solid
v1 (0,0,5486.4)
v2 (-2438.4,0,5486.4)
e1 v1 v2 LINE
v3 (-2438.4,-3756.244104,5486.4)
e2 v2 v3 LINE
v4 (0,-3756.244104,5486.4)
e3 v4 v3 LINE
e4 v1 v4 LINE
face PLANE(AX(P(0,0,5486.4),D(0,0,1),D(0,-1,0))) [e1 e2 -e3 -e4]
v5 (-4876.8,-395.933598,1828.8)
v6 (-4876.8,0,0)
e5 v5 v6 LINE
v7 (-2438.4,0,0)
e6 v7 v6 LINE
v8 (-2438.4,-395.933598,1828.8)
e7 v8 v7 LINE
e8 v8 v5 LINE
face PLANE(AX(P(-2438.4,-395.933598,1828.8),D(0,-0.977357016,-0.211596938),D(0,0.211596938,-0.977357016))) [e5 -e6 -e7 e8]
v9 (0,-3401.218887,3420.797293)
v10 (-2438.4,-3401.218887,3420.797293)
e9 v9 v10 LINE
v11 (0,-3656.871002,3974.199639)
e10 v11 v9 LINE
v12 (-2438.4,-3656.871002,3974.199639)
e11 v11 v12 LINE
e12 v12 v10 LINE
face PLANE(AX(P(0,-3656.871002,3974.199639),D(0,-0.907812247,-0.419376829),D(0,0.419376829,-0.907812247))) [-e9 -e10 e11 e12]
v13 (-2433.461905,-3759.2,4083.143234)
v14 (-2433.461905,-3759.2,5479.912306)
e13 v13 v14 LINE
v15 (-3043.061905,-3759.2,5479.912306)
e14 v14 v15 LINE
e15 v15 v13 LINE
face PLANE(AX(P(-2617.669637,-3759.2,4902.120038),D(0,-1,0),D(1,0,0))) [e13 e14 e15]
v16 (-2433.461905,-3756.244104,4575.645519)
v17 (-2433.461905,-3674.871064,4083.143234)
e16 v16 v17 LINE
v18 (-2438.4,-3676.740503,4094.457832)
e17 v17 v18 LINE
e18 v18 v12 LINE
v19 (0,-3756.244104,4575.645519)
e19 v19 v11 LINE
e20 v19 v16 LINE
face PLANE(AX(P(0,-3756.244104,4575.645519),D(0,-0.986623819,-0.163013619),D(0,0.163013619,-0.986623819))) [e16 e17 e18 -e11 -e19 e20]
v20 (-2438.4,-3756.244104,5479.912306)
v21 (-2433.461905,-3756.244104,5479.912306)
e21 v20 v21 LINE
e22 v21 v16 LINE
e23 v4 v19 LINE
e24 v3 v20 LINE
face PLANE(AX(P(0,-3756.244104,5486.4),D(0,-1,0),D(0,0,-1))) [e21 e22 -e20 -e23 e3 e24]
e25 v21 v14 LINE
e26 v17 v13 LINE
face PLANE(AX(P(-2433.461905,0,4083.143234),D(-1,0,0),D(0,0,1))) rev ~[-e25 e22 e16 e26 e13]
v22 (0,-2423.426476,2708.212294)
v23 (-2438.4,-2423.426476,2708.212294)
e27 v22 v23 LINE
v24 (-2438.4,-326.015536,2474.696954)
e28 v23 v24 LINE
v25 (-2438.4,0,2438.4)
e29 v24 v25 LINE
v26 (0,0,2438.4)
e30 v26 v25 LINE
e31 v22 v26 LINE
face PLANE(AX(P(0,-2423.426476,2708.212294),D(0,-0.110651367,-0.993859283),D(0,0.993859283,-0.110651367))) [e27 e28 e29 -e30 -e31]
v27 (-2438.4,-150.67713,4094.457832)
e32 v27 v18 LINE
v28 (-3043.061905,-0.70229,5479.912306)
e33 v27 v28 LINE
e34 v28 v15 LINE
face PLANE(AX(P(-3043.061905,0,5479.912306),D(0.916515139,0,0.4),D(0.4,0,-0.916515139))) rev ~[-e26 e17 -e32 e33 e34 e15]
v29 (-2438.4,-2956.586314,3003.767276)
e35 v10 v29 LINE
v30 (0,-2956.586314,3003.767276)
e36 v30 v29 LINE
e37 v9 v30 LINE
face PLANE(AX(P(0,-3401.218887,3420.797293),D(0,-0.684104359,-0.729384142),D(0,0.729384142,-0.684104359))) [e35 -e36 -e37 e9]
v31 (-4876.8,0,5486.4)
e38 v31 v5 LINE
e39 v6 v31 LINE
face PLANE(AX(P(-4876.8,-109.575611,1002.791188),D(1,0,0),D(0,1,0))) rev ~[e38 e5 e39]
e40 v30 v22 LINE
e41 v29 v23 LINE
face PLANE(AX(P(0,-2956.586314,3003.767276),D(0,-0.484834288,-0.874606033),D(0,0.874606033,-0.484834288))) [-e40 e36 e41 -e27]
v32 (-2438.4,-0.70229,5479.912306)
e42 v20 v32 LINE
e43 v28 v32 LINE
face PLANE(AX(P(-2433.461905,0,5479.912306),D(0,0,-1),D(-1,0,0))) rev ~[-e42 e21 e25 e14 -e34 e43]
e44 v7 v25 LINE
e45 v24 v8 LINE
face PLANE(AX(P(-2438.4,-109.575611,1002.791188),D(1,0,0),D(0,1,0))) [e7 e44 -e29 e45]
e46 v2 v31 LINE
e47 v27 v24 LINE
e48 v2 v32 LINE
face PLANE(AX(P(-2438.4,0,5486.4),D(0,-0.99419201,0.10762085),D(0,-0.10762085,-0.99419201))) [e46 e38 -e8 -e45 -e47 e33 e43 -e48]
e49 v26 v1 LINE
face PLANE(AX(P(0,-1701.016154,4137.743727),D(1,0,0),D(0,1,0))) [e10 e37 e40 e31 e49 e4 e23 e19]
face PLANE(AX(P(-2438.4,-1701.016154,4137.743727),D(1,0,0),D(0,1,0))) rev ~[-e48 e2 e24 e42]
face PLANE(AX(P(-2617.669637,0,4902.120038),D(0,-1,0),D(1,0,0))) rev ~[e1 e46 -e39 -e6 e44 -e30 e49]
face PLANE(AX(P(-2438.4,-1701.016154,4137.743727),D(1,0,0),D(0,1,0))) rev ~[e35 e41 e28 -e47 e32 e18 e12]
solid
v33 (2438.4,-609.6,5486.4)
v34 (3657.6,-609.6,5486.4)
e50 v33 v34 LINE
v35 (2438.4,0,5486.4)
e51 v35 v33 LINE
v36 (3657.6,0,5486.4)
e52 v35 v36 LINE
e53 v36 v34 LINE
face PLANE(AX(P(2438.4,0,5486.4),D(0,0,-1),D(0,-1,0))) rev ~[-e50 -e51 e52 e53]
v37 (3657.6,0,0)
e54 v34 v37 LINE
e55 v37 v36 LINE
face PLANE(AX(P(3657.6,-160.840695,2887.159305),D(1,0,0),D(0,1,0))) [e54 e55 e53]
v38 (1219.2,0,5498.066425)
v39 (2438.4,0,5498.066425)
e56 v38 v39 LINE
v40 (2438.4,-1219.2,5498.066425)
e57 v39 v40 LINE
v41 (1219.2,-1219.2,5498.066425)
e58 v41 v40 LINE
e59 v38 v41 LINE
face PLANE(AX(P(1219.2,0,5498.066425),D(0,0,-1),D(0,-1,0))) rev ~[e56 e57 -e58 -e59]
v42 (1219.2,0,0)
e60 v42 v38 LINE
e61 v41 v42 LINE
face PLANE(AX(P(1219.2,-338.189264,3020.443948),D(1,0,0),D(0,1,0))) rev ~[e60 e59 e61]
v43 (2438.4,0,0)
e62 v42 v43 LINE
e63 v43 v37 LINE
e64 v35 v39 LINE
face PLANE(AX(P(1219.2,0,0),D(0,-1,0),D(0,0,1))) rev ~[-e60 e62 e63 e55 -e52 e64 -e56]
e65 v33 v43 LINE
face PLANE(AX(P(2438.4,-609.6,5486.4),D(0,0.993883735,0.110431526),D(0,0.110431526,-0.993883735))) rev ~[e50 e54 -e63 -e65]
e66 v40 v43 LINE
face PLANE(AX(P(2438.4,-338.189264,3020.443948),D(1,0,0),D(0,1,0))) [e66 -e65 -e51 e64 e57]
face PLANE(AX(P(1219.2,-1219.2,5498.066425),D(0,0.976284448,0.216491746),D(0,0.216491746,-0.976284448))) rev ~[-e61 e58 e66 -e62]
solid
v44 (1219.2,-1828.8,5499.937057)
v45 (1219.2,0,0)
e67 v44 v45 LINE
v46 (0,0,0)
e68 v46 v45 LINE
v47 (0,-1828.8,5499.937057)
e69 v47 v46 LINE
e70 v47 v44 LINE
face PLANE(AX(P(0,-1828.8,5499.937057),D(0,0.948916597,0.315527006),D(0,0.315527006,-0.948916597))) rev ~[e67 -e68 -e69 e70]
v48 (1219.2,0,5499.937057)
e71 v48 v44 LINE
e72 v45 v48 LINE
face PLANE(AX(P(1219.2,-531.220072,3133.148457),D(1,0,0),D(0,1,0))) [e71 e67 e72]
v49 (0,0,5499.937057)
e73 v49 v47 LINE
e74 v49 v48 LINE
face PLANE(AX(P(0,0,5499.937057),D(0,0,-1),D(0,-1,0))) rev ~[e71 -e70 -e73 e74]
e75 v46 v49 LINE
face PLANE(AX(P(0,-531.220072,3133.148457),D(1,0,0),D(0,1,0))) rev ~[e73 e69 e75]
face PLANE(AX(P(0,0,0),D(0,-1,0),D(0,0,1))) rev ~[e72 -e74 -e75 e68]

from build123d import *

# Parameters (mm, degrees)
F1_START  = 2438.4
F1_DEPTH  = 1219.2
F3_DEPTH  = 2438.4
F5_START  = 1219.2
F5_DEPTH  = 1219.2
F7_DEPTH  = 1219.2
F9_START  = -2438.4
F9_DEPTH  = 2438.4
F11_DEPTH = 3759.2


with BuildPart() as f1:
    # F0 (on Right) → F1 (new body)
    with BuildSketch(Plane.YZ.offset(F1_START)):
        Polygon((-609.6, 5486.4), (0, 0), (0, 5486.4), align=None)
    extrude(amount=F1_DEPTH)

    # F4 (on Right) → F5 (join)
    with BuildSketch(Plane.YZ.offset(F5_START)):
        Polygon((0, 0), (0, 5498.0664253235), (-1219.2, 5498.0664253235), align=None)
    extrude(amount=F5_DEPTH)


with BuildPart() as f3:
    # F2 (on Right) → F3 (new body)
    with BuildSketch(Plane.YZ):
        Polygon((-2423.4264762868, 2708.2122940714), (0, 2438.4), (0, 5486.4), (-3756.2441038375, 5486.4), (-3756.2441038375, 4575.6455188824), (-3656.8710018597, 3974.1996388539), (-3401.2188868615, 3420.7972932707), (-2956.5863139944, 3003.7672761909), align=None)
    extrude(amount=-F3_DEPTH)

    # F8 (on Right) → F9 (join)
    with BuildSketch(Plane.YZ.offset(F9_START)):
        Polygon((-395.93359828, 1828.8), (0, 0), (0, 1828.8), align=None)
        Polygon((-395.93359828, 1828.8), (0, 1828.8), (0, 5486.4), align=None)
    extrude(amount=-F9_DEPTH)

    # F10 (on Front) → F11 (join)
    with BuildSketch(Plane.XZ):
        Polygon((-3043.0619045258, 5479.9123060755), (-2433.4619045258, 4083.1432342529), (-2433.4619045258, 5479.9123060755), align=None)
    extrude(amount=F11_DEPTH)


with BuildPart() as f7:
    # F6 (on Right) → F7 (new body)
    with BuildSketch(Plane.YZ):
        Polygon((0, 0), (0, 5499.9370574951), (-1828.8, 5499.9370574951), align=None)
    extrude(amount=F7_DEPTH)


solid = Compound([f1.part, f3.part, f7.part])
